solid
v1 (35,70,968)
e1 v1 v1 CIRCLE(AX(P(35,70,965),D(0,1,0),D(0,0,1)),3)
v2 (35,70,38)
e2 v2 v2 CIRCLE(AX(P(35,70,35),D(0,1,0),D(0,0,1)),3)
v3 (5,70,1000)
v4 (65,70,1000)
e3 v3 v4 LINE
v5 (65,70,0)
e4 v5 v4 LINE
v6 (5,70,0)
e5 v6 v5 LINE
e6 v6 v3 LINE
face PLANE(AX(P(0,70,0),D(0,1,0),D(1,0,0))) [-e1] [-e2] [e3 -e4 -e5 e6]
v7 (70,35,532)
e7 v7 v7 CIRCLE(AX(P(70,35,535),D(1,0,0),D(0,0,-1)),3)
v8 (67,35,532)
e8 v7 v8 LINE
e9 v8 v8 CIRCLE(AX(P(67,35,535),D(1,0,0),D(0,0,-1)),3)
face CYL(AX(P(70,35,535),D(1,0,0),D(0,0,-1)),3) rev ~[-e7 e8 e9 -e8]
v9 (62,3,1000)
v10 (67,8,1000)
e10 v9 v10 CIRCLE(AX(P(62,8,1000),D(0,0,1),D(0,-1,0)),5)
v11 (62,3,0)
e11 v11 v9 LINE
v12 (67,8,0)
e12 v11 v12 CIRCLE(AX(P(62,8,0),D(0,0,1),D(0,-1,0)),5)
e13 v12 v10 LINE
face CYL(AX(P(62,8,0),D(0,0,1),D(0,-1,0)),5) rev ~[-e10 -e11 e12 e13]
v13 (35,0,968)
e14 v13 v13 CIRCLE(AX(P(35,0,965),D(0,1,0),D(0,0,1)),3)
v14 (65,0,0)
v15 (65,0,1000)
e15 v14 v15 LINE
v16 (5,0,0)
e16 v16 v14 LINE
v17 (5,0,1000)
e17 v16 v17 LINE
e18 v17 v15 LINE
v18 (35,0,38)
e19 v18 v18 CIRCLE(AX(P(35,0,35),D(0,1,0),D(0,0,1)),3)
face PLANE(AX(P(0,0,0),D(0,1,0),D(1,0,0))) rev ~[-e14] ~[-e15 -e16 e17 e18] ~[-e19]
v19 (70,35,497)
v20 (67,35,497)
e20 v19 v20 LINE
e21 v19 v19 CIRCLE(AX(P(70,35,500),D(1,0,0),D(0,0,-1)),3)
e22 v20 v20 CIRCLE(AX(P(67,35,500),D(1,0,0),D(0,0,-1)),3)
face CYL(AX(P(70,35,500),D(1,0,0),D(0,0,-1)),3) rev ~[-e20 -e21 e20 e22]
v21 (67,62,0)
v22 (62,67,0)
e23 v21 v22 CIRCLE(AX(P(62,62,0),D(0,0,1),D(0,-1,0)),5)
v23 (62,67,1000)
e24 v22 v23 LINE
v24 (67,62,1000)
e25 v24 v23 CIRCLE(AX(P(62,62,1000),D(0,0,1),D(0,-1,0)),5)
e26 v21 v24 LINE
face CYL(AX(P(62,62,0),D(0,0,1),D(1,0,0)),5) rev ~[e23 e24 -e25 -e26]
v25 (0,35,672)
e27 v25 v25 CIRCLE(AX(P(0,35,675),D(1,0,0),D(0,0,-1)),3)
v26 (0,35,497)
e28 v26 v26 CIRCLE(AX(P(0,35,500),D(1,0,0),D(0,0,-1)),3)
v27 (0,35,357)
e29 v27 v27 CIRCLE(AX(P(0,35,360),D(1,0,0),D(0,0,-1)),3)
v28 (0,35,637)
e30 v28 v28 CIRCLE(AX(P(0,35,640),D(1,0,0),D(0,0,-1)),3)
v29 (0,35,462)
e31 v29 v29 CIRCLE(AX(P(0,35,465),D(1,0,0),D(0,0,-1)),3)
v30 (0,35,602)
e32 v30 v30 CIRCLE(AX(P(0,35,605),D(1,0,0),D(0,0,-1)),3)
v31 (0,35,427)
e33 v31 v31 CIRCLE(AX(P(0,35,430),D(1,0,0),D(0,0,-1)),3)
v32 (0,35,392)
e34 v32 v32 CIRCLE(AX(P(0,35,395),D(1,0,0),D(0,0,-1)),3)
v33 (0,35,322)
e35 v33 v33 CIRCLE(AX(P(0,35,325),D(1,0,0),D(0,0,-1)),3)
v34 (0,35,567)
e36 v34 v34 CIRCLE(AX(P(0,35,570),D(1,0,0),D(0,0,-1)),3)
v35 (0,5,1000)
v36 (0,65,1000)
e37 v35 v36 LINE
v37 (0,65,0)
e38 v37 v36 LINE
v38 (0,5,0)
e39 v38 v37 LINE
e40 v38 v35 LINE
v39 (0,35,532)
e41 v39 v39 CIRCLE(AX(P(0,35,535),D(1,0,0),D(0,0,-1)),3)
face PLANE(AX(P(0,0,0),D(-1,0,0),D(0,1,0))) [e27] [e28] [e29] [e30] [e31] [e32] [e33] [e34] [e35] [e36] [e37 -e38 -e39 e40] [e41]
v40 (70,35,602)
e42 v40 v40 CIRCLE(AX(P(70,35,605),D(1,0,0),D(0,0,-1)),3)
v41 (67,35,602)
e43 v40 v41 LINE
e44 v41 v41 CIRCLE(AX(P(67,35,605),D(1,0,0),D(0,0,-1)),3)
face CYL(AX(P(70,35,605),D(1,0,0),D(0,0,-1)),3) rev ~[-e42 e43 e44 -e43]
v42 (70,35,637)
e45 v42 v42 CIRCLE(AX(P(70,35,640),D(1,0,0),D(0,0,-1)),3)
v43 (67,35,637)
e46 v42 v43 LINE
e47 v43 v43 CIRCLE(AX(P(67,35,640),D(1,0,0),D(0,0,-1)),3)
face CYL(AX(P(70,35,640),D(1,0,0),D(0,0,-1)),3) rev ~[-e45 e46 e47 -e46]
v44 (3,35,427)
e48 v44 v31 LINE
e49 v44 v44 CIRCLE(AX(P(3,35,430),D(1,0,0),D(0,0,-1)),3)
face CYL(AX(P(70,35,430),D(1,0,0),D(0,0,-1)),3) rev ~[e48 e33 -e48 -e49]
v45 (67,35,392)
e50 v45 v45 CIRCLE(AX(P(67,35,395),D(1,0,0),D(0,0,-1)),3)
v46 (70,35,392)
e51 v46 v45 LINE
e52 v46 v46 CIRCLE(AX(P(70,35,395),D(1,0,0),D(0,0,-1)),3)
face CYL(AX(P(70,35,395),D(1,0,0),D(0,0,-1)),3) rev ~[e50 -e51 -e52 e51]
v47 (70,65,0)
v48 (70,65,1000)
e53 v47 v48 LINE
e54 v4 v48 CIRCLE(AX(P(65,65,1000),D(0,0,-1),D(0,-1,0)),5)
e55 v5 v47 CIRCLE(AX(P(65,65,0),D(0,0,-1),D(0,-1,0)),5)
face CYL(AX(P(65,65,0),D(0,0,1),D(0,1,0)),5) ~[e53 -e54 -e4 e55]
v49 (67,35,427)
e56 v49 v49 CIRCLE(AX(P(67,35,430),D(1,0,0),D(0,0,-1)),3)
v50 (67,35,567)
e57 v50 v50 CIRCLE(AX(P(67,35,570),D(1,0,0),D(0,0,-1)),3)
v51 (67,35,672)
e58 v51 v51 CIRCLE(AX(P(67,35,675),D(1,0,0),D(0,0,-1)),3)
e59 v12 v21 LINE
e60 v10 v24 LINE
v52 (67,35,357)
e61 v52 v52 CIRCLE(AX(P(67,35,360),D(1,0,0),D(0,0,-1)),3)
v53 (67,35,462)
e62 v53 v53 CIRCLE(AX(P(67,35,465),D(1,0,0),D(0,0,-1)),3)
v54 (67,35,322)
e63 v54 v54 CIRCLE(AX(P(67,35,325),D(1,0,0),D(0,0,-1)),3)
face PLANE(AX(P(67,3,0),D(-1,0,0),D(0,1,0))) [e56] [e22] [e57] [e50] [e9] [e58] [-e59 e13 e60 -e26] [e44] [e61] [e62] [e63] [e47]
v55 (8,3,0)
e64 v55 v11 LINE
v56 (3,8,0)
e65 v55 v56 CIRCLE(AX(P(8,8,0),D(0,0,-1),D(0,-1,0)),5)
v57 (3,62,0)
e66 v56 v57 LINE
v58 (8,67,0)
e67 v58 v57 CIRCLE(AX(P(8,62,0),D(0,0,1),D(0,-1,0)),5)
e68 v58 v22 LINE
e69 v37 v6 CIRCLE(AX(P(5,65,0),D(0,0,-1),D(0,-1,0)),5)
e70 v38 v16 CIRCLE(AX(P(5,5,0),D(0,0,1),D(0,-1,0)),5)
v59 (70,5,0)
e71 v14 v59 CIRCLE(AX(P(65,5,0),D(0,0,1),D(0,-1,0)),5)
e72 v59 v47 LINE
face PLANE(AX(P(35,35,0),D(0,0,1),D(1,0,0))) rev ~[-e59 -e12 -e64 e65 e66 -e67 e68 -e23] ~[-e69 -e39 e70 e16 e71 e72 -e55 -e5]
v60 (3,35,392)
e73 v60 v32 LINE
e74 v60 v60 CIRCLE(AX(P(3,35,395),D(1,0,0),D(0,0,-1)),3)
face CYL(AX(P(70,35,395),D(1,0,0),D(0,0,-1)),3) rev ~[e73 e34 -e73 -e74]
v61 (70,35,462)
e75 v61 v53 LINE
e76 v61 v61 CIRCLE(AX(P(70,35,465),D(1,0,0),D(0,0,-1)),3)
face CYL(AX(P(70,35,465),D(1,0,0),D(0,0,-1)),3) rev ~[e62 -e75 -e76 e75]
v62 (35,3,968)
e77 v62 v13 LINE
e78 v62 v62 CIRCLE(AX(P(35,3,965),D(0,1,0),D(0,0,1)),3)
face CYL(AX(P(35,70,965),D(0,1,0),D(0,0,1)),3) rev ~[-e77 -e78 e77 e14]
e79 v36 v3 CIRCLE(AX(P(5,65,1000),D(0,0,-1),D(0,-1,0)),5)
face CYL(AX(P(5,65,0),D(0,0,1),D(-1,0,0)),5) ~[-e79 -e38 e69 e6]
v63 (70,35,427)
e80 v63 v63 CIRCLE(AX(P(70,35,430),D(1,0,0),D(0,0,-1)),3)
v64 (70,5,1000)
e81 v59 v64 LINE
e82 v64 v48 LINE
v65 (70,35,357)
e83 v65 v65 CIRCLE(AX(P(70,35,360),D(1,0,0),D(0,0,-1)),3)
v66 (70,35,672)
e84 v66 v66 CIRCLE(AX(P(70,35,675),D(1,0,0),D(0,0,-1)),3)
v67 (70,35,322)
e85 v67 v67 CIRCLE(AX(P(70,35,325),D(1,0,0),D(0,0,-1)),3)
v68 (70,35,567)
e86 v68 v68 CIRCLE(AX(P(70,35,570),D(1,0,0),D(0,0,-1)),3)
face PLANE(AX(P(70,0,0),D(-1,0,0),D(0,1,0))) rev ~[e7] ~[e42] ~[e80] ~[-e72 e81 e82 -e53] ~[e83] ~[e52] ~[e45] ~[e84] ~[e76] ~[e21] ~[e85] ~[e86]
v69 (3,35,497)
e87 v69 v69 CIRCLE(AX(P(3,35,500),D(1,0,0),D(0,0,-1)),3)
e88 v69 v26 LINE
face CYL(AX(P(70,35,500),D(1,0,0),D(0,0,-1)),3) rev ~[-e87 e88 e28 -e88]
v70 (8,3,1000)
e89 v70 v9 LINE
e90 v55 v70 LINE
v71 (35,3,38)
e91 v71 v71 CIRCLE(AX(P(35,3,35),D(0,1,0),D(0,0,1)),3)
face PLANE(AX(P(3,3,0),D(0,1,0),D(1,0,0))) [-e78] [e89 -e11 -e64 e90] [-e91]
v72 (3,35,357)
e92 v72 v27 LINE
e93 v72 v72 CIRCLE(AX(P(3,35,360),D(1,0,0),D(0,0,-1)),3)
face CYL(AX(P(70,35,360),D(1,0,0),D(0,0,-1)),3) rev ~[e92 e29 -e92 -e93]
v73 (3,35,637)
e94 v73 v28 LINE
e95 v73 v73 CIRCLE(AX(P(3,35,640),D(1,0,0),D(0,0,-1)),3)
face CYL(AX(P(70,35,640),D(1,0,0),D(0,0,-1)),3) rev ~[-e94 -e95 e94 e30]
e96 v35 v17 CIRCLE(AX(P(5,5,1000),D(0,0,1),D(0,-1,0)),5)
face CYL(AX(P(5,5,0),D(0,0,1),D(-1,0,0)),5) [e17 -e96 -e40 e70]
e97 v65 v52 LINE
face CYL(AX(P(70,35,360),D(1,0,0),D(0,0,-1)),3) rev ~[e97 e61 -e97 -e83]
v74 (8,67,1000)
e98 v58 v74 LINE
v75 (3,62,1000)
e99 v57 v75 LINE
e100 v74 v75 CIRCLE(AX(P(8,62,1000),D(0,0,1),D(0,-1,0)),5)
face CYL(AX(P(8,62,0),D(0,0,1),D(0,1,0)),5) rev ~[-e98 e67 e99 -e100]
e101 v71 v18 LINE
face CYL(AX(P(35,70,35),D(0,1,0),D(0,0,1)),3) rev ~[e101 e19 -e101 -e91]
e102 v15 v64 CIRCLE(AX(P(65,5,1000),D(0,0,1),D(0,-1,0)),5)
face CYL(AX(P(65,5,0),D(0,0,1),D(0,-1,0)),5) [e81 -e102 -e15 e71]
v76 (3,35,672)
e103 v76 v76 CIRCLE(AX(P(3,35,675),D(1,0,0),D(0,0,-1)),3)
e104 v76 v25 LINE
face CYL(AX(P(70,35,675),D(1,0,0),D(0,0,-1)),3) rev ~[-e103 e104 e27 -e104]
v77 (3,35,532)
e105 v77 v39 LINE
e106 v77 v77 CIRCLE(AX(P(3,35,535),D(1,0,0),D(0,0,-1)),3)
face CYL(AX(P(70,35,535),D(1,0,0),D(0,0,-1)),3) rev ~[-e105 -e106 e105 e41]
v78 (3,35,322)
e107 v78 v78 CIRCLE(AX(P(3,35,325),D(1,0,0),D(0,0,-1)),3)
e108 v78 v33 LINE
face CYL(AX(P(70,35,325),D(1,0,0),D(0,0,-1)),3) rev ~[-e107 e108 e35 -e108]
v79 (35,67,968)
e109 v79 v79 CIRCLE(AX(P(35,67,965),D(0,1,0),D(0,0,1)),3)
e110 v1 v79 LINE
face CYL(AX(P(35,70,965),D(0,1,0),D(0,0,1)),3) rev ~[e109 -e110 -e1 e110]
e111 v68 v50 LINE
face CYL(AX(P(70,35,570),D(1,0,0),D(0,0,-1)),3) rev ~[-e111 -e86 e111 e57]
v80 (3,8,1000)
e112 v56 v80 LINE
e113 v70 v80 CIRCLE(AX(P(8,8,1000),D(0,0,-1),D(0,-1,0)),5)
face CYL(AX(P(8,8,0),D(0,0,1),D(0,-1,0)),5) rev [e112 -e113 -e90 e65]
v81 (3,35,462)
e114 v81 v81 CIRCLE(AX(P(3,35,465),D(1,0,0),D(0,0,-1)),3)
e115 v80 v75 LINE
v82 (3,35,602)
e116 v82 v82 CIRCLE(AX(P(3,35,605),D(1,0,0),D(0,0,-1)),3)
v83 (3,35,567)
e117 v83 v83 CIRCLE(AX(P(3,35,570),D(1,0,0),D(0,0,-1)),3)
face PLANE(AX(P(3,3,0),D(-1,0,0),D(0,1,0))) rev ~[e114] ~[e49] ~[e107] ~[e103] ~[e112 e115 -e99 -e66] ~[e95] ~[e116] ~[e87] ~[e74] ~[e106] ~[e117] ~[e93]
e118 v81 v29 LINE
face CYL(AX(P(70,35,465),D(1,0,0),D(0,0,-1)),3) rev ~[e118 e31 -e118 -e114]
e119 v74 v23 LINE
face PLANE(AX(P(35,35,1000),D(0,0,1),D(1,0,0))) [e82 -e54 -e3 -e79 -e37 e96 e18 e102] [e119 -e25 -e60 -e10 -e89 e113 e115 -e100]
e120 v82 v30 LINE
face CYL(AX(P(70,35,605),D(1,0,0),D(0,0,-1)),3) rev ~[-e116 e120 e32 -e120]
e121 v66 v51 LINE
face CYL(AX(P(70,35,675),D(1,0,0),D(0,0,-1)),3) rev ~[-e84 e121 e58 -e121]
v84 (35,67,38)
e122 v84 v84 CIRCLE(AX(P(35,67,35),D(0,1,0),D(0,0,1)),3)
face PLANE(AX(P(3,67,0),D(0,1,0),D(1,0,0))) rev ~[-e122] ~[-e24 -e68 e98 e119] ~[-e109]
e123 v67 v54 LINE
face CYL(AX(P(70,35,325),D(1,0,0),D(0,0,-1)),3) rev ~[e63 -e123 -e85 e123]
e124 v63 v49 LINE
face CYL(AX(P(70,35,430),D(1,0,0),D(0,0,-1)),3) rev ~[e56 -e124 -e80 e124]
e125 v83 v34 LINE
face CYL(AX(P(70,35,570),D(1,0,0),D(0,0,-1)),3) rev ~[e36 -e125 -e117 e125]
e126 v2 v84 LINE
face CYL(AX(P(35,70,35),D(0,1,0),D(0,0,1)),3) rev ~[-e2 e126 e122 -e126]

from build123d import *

# Parameters (mm, degrees)
SKETCH1_W           = 70
SKETCH1_H           = 70
SKETCH1_W_2         = 64
SKETCH1_H_2         = 64
BOSS_EXTRUDE1_DEPTH = 1000
FILLET1_R           = 5
SKETCH2_R           = 3
CUT_EXTRUDE1_DEPTH  = 70
SKETCH3_R           = 3
CUT_EXTRUDE2_DEPTH  = 70
LPATTERN1_COUNT     = 6
LPATTERN1_PITCH     = 35
LPATTERN1_COL_COUNT = 6
LPATTERN1_COL_PITCH = 35


with BuildPart() as part:
    # Sketch1 → Boss-Extrude1 (new body)
    with BuildSketch(Plane.XY):
        with Locations((35, 35)):
            Rectangle(SKETCH1_W, SKETCH1_H)
        with Locations((35, 35)):
            Rectangle(SKETCH1_W_2, SKETCH1_H_2, mode=Mode.SUBTRACT)
    extrude(amount=BOSS_EXTRUDE1_DEPTH)

    # Fillet1
    fillet1_edges = [part.edges().sort_by_distance(p)[0] for p in [
        (3, 67, 500),
        (3, 3, 500),
        (67, 3, 500),
        (67, 67, 500),
        (0, 70, 500),
        (70, 70, 500),
        (70, 0, 500),
        (0, 0, 500),
    ]]
    fillet(fillet1_edges, radius=FILLET1_R)

    # Sketch2 → Cut-Extrude1 (cut)
    with BuildSketch(Plane(origin=(0, 70, 0), x_dir=(1, 0, 0), z_dir=(0, 1, 0))):
        with Locations(Location((35, -965, 0), (0, 0, 270))):
            Circle(SKETCH2_R)
        with Locations(Location((35, -35, 0), (0, 0, 270))):
            Circle(SKETCH2_R)
    extrude(amount=-CUT_EXTRUDE1_DEPTH, mode=Mode.SUBTRACT)

    # Sketch3 → Cut-Extrude2 (cut)
    with BuildSketch(Plane(origin=(70, 0, 0), x_dir=(0, 0, -1), z_dir=(1, 0, 0))):
        with Locations((-500, 35)):
            Circle(SKETCH3_R)
    cut_extrude2 = extrude(amount=-CUT_EXTRUDE2_DEPTH, mode=Mode.SUBTRACT)

    # LPattern1: Cut-Extrude2 ×6
    with Locations(*[(0, 0, -i * LPATTERN1_PITCH) for i in range(1, LPATTERN1_COUNT)]):
        add(cut_extrude2, mode=Mode.SUBTRACT)

    # LPattern1 col: Cut-Extrude2 ×6
    with Locations(*[(0, 0, i * LPATTERN1_COL_PITCH) for i in range(1, LPATTERN1_COL_COUNT)]):
        add(cut_extrude2, mode=Mode.SUBTRACT)


solid = part.part
